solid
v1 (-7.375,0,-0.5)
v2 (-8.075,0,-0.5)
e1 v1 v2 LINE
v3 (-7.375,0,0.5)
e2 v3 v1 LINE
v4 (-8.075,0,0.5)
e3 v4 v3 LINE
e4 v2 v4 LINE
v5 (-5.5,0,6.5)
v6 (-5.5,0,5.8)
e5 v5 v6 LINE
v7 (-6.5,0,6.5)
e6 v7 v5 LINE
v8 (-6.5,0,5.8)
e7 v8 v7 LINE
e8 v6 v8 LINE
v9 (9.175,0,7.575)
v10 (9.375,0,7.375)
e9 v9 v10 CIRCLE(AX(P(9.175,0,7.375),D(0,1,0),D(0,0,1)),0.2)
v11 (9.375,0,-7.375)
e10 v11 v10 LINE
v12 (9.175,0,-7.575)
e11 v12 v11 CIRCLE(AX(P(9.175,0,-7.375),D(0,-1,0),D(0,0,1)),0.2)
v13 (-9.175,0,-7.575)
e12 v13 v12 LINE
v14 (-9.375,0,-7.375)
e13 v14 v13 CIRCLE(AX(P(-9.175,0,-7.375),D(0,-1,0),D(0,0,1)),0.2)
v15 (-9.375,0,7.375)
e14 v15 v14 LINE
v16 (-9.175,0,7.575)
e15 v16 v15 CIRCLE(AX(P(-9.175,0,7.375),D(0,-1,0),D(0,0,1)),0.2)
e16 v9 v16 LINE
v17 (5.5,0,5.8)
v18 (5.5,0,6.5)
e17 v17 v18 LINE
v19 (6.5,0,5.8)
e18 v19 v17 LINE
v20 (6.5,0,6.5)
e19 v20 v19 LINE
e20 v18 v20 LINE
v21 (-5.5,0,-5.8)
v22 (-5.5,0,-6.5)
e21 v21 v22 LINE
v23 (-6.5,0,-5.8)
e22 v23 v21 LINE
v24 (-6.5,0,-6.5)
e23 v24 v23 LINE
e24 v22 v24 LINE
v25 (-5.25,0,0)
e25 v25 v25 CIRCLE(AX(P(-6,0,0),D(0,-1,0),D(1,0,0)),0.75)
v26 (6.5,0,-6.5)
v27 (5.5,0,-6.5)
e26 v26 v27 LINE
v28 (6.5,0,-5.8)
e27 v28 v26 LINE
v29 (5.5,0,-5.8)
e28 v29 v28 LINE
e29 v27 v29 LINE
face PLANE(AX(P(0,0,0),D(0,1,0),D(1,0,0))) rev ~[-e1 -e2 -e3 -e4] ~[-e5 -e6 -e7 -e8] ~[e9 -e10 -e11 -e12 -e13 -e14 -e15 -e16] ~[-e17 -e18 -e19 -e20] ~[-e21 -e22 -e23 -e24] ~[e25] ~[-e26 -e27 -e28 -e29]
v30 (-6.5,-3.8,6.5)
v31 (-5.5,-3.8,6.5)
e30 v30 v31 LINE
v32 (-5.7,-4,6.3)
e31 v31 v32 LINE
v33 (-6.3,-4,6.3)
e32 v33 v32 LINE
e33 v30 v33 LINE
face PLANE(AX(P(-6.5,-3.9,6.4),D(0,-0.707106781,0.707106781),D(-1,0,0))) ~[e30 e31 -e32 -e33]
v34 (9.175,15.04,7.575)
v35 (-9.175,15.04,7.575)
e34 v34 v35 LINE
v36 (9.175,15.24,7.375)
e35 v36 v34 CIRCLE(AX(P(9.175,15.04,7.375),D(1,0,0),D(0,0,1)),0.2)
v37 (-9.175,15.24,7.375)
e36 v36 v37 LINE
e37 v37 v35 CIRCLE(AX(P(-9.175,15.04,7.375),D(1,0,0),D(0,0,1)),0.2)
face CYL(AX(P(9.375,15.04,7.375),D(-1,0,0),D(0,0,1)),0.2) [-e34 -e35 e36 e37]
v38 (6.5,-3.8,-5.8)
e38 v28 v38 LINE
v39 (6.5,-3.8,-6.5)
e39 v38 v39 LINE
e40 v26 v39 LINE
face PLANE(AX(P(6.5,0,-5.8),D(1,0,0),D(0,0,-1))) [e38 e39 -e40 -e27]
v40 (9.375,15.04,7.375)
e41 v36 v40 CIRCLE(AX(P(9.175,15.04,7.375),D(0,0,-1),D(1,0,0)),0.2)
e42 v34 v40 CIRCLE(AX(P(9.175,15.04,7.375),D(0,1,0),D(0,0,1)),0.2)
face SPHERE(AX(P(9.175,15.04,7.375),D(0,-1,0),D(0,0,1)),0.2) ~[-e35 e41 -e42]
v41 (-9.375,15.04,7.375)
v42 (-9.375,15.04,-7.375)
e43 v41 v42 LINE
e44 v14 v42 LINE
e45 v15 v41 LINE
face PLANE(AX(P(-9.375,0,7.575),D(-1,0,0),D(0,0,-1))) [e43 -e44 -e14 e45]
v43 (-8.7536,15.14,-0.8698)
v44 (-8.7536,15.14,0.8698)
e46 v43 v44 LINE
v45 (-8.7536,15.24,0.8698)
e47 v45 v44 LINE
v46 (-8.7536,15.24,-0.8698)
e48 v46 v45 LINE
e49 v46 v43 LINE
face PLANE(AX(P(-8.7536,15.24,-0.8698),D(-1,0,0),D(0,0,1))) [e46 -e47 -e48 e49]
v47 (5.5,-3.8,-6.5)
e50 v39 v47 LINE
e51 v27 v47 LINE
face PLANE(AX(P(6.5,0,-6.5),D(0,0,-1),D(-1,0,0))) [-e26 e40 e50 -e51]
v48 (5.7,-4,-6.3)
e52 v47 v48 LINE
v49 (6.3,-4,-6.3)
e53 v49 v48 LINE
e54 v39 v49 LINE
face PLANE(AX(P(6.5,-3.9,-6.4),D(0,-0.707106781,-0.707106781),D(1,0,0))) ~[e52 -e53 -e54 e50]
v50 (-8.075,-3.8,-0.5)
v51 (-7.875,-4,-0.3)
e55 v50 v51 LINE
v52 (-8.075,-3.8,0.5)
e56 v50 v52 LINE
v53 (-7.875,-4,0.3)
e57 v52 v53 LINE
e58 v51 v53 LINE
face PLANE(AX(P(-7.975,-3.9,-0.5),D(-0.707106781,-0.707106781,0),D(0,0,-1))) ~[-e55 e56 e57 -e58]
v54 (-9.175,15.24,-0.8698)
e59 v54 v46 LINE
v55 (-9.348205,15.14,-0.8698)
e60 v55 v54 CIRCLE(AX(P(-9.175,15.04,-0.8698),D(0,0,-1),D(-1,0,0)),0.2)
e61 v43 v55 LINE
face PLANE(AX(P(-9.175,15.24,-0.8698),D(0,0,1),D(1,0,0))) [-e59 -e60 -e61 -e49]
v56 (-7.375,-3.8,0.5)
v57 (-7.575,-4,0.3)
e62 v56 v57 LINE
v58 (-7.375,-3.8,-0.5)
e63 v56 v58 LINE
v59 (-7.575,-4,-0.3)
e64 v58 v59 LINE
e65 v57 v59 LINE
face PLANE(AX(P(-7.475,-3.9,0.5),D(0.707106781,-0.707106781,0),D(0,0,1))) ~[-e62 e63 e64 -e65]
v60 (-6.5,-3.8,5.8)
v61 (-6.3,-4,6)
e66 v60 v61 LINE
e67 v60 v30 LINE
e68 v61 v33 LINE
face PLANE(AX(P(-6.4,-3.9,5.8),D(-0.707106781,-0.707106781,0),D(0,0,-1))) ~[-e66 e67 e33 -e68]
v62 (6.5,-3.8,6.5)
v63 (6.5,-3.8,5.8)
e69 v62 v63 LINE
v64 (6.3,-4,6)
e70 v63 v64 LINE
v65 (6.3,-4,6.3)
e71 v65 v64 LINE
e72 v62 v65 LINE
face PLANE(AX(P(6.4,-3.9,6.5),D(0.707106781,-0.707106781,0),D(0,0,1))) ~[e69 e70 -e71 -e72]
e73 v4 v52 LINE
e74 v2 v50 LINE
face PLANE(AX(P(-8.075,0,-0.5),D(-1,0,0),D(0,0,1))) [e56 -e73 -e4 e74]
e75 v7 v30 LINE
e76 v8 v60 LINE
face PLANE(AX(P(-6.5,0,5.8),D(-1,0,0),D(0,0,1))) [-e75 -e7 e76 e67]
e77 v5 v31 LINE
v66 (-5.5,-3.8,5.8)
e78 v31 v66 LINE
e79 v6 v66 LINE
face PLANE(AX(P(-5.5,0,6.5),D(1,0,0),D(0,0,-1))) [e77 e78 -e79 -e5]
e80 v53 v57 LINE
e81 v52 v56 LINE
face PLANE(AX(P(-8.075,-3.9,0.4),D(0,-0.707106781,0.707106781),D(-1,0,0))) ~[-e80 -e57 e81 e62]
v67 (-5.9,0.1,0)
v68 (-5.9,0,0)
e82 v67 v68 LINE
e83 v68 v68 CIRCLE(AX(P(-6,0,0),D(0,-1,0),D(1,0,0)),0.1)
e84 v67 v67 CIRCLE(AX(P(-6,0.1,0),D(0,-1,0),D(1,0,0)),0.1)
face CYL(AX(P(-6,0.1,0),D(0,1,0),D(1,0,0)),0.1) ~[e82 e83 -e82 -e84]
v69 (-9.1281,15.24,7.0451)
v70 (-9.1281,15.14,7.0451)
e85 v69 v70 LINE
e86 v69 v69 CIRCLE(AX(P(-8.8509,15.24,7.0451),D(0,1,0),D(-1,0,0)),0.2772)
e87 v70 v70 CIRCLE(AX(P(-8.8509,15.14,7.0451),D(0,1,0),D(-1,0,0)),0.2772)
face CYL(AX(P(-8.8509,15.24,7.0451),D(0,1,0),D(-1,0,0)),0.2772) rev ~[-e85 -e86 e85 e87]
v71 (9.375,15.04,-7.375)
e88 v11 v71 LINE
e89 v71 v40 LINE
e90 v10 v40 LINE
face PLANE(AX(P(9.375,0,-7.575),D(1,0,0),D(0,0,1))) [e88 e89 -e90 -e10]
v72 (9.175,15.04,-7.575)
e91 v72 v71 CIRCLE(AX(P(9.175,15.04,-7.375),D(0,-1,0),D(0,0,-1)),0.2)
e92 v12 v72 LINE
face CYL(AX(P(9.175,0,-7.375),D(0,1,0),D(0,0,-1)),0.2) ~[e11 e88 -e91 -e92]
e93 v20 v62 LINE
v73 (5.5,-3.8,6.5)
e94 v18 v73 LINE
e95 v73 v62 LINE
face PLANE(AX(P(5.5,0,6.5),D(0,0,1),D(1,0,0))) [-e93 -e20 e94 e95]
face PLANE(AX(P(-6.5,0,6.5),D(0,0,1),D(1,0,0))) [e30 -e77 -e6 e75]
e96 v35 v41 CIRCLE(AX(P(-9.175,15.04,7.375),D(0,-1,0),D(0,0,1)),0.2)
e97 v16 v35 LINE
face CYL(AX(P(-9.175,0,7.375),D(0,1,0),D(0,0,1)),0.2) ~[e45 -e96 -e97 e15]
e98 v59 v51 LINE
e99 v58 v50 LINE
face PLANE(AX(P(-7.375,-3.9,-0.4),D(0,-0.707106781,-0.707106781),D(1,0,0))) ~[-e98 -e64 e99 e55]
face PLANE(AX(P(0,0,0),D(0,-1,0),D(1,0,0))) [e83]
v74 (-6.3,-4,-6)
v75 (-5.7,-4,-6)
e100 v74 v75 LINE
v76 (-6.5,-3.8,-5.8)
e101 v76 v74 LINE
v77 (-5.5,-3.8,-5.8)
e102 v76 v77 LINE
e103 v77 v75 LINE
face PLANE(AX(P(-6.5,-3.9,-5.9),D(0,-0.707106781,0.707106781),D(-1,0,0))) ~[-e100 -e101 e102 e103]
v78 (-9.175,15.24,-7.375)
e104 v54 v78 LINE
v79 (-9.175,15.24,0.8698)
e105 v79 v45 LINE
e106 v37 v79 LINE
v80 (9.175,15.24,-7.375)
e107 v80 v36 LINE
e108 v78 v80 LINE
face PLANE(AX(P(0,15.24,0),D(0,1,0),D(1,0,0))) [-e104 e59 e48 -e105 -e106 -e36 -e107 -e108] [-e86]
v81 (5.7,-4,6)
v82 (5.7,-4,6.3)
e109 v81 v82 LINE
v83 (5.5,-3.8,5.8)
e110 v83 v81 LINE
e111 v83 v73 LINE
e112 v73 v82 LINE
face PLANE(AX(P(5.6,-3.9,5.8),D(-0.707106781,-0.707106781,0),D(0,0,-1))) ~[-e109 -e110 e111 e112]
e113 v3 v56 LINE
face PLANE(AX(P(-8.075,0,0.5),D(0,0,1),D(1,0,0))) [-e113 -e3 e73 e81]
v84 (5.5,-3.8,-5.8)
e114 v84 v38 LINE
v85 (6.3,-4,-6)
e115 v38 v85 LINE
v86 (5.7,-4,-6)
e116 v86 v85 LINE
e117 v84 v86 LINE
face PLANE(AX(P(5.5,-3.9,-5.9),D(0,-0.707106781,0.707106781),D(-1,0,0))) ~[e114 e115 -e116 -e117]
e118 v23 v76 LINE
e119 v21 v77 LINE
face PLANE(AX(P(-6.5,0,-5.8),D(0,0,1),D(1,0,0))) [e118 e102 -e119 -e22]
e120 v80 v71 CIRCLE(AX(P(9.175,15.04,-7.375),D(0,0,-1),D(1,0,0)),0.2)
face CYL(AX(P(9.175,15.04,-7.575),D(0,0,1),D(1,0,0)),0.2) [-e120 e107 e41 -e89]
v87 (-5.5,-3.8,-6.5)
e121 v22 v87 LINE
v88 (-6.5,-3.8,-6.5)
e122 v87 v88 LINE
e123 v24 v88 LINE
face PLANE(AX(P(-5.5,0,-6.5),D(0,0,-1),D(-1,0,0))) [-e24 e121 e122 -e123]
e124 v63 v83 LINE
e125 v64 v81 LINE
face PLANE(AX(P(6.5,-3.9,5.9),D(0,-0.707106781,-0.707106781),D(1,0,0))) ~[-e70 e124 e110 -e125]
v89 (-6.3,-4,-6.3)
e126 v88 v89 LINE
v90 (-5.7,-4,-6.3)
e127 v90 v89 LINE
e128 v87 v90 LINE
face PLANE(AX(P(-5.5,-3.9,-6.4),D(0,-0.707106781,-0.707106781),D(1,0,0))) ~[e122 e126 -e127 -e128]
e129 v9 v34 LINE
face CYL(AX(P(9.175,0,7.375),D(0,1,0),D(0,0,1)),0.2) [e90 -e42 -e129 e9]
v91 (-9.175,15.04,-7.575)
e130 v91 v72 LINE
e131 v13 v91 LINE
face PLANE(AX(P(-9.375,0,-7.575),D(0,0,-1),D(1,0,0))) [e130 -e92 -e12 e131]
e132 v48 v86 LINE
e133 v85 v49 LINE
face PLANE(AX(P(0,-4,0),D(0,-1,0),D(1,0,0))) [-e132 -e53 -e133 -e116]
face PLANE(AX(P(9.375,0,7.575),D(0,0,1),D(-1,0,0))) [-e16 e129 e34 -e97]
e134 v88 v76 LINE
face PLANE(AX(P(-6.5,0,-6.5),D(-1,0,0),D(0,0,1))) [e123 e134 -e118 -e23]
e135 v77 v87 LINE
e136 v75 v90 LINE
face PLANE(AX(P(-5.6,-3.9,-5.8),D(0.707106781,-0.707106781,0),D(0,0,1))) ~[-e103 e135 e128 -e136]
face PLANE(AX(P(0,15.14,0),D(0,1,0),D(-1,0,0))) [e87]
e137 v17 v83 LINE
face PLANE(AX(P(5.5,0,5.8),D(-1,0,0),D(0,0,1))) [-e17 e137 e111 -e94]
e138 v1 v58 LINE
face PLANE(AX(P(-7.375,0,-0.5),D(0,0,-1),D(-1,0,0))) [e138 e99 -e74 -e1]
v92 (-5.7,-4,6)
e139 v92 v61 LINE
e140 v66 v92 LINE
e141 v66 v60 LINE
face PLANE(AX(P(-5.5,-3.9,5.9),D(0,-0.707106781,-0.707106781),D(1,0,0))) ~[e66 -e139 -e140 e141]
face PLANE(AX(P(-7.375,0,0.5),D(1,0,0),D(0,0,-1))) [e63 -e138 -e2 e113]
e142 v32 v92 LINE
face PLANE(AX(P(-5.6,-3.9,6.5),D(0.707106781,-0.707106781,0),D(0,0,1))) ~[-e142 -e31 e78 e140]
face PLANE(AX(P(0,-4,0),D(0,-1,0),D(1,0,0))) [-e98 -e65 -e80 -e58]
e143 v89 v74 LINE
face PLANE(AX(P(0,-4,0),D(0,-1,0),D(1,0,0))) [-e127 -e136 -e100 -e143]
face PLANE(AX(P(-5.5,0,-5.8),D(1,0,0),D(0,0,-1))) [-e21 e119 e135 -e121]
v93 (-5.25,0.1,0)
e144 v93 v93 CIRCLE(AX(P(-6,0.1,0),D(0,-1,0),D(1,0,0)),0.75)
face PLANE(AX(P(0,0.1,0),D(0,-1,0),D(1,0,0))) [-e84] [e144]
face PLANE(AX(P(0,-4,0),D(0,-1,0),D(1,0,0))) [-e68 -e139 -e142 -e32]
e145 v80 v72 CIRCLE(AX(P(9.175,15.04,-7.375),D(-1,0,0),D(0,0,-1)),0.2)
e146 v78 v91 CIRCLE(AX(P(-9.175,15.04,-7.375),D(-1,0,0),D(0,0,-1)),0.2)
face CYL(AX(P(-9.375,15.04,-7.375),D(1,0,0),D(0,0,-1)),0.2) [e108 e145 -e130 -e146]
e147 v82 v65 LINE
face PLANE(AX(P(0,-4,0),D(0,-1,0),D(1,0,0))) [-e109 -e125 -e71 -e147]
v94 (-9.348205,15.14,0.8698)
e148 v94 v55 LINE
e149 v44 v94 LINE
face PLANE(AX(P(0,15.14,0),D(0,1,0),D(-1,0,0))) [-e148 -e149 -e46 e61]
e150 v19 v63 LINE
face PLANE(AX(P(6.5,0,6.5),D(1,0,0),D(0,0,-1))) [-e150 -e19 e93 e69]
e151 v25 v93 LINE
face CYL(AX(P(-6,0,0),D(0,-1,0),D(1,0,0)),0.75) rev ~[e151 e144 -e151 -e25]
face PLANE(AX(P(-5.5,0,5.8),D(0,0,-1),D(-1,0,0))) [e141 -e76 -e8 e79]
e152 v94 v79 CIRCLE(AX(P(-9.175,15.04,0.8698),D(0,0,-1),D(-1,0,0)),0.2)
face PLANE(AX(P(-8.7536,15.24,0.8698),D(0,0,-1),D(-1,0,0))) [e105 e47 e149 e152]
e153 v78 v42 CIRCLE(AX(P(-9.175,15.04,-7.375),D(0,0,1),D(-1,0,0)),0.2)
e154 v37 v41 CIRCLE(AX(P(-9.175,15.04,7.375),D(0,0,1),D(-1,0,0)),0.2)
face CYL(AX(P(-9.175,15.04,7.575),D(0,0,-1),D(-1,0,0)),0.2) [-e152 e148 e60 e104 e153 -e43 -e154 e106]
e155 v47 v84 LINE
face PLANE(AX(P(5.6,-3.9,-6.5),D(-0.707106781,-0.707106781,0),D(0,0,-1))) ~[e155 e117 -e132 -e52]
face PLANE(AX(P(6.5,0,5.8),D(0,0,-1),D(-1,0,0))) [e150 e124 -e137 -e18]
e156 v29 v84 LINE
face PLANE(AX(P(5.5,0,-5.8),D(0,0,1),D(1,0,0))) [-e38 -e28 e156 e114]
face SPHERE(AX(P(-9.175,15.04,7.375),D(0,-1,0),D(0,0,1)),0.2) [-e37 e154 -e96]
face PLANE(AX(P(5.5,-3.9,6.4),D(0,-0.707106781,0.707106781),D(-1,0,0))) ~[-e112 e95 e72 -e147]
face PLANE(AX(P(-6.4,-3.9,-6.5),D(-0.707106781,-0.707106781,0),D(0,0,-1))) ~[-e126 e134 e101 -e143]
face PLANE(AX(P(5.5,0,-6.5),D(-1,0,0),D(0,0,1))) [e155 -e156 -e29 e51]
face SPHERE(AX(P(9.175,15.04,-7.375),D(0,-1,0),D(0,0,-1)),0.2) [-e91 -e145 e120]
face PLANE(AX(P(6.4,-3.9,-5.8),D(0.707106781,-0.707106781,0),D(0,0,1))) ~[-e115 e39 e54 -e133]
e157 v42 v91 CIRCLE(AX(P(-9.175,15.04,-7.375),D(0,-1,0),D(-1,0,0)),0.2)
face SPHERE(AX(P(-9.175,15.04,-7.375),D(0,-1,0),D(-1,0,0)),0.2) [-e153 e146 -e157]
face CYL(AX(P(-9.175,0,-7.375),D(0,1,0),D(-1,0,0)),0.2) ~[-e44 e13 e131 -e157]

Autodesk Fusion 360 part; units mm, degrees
sketch "Sketch1" plane through (0, 0, 0) normal (0, 1, 0) x (1, 0, 0)
  line L0 (9.375, -7.575) -> (-9.375, -7.575)
  line L1 (-9.375, -7.575) -> (-9.375, 7.575)
  line L2 (-9.375, 7.575) -> (9.375, 7.575)
  line L3 (9.375, 7.575) -> (9.375, -7.575)
  line L4 (9.375, -7.575) -> (-9.375, 7.575) construction
  line L5 (-9.375, -7.575) -> (9.375, 7.575) construction
  dimension "d1" = 15.15
  dimension "d2" = 18.75
extrude "Extrude1" add sketch "Sketch1" along normal blind 15.24
fillet "Fillet1" radius 0.2 4 edges at (9.375, 7.62, 7.575) (-9.375, 7.62, 7.575) (-9.375, 7.62, -7.575) (9.375, 7.62, -7.575) 1 faces at (3.125, 15.24, 2.525)
sketch "Sketch2" plane through (0, 0, 0) normal (0, -1, 0) x (1, 0, 0)
  arc A0 (-9.375, -7.375) -> (-9.175, -7.575) centre (-9.175, -7.375) ccw
  line L0 (-9.175, -7.575) -> (9.175, -7.575)
  arc A1 (9.175, -7.575) -> (9.375, -7.375) centre (9.175, -7.375) ccw
  line L1 (9.375, -7.375) -> (9.375, 7.375)
  arc A2 (9.375, 7.375) -> (9.175, 7.575) centre (9.175, 7.375) ccw
  line L2 (9.175, 7.575) -> (-9.175, 7.575)
  arc A3 (-9.175, 7.575) -> (-9.375, 7.375) centre (-9.175, 7.375) ccw
  line L3 (-9.375, 7.375) -> (-9.375, -7.375)
  line L4 (6.5, -6.5) -> (-6.5, -6.5) construction
  line L5 (-6.5, -6.5) -> (-6.5, 6.5) construction
  line L6 (-6.5, 6.5) -> (6.5, 6.5) construction
  line L7 (6.5, 6.5) -> (6.5, -6.5) construction
  line L8 (6.5, -6.5) -> (-6.5, 6.5) construction
  line L9 (-6.5, -6.5) -> (6.5, 6.5) construction
  line L10 (-6.5, 6.5) -> (-5.5, 6.5)
  line L11 (-5.5, 6.5) -> (-5.5, 5.8)
  line L12 (-5.5, 5.8) -> (-6.5, 5.8)
  line L13 (-6.5, 5.8) -> (-6.5, 6.5)
  line L14 (6.5, 5.8) -> (5.5, 5.8)
  line L15 (5.5, 6.5) -> (6.5, 6.5)
  line L16 (5.5, 5.8) -> (5.5, 6.5)
  line L17 (6.5, 6.5) -> (6.5, 5.8)
  line L18 (-5.5, -6.5) -> (-6.5, -6.5)
  line L19 (-6.5, -5.8) -> (-5.5, -5.8)
  line L20 (-6.5, -6.5) -> (-6.5, -5.8)
  line L21 (-5.5, -5.8) -> (-5.5, -6.5)
  line L22 (6.5, -6.5) -> (5.5, -6.5)
  line L23 (5.5, -5.8) -> (6.5, -5.8)
  line L24 (5.5, -6.5) -> (5.5, -5.8)
  line L25 (6.5, -5.8) -> (6.5, -6.5)
  dimension "d7" = 13
  dimension "d8" = 13
  dimension "d9" = 1
  dimension "d10" = 0.7
  dimension "d13" = 12
  dimension "d14" = -12.3
extrude "Extrude2" add sketch "Sketch2" along normal blind 4 contours L10 L11 L12 L13 | L14 L15 L16 L17 | L18 L19 L20 L21 | L22 L23 L24 L25
chamfer "Chamfer1" distance 0.2 angle 45 8 edges at (5.5, -4, 6.15) (6, -4, 6.5) (6.5, -4, 6.15) (6, -4, 5.8) (6, -4, -5.8) (6.5, -4, -6.15) (6, -4, -6.5) (5.5, -4, -6.15) 2 faces at (-6.1667, -4, 6.2667) (-5.8333, -4, -6.2667)
sketch "Sketch3" plane through (0, 0, 0) normal (0, -1, 0) x (1, 0, 0)
  line L0 (6.5, -5.8) -> (6.5, -6.5)
  line L1 (6.5, -6.5) -> (5.5, -6.5)
  line L2 (5.5, -6.5) -> (5.5, -5.8)
  line L3 (5.5, -5.8) -> (6.5, -5.8)
  line L4 (-6.5, 5.8) -> (-6.5, 6.5)
  line L5 (-6.5, 6.5) -> (-5.5, 6.5)
  line L6 (-5.5, 6.5) -> (-5.5, 5.8)
  line L7 (-5.5, 5.8) -> (-6.5, 5.8)
  line L8 (-5.5, -5.8) -> (-5.5, -6.5)
  line L9 (-5.5, -6.5) -> (-6.5, -6.5)
  line L10 (-6.5, -6.5) -> (-6.5, -5.8)
  line L11 (-6.5, -5.8) -> (-5.5, -5.8)
  line L12 (6.5, 6.5) -> (6.5, 5.8)
  line L13 (6.5, 5.8) -> (5.5, 5.8)
  line L14 (5.5, 5.8) -> (5.5, 6.5)
  line L15 (5.5, 6.5) -> (6.5, 6.5)
  arc A0 (-9.375, -7.375) -> (-9.175, -7.575) centre (-9.175, -7.375) ccw
  line L16 (-9.175, -7.575) -> (9.175, -7.575)
  arc A1 (9.175, -7.575) -> (9.375, -7.375) centre (9.175, -7.375) ccw
  line L17 (9.375, -7.375) -> (9.375, 7.375)
  arc A2 (9.375, 7.375) -> (9.175, 7.575) centre (9.175, 7.375) ccw
  line L18 (9.175, 7.575) -> (-9.175, 7.575)
  arc A3 (-9.175, 7.575) -> (-9.375, 7.375) centre (-9.175, 7.375) ccw
  line L19 (-9.375, 7.375) -> (-9.375, -7.375)
  line L20 (0, 0) -> (-9.375, 0) construction
  line L21 (-7.375, -0.5) -> (-8.075, -0.5)
  line L22 (-8.075, -0.5) -> (-8.075, 0.5)
  line L23 (-8.075, 0.5) -> (-7.375, 0.5)
  line L24 (-7.375, 0.5) -> (-7.375, -0.5)
  line L25 (-7.375, -0.5) -> (-8.075, 0.5) construction
  line L26 (-8.075, -0.5) -> (-7.375, 0.5) construction
  point P0 (-7.725, 0)
  dimension "d20" = 0.7
  dimension "d21" = 1
extrude "Extrude3" add sketch "Sketch3" along normal blind 4 contours L21 L22 L23 L24
chamfer "Chamfer2" distance 0.2 angle 45 4 edges at (-7.725, -4, -0.5) (-8.075, -4, 0) (-7.725, -4, 0.5) (-7.375, -4, 0)
sketch "Sketch4" plane through (0, 0, 0) normal (0, -1, 0) x (1, 0, 0)
  line L0 (-7.375, 0.5) -> (-7.375, -0.5)
  line L1 (-7.375, -0.5) -> (-8.075, -0.5)
  line L2 (-8.075, -0.5) -> (-8.075, 0.5)
  line L3 (-8.075, 0.5) -> (-7.375, 0.5)
  line L4 (6.5, -5.8) -> (6.5, -6.5)
  line L5 (6.5, -6.5) -> (5.5, -6.5)
  line L6 (5.5, -6.5) -> (5.5, -5.8)
  line L7 (5.5, -5.8) -> (6.5, -5.8)
  line L8 (-6.5, 5.8) -> (-6.5, 6.5)
  line L9 (-6.5, 6.5) -> (-5.5, 6.5)
  line L10 (-5.5, 6.5) -> (-5.5, 5.8)
  line L11 (-5.5, 5.8) -> (-6.5, 5.8)
  line L12 (-5.5, -5.8) -> (-5.5, -6.5)
  line L13 (-5.5, -6.5) -> (-6.5, -6.5)
  line L14 (-6.5, -6.5) -> (-6.5, -5.8)
  line L15 (-6.5, -5.8) -> (-5.5, -5.8)
  line L16 (6.5, 6.5) -> (6.5, 5.8)
  line L17 (6.5, 5.8) -> (5.5, 5.8)
  line L18 (5.5, 5.8) -> (5.5, 6.5)
  line L19 (5.5, 6.5) -> (6.5, 6.5)
  arc A0 (-9.375, -7.375) -> (-9.175, -7.575) centre (-9.175, -7.375) ccw
  line L20 (-9.175, -7.575) -> (9.175, -7.575)
  arc A1 (9.175, -7.575) -> (9.375, -7.375) centre (9.175, -7.375) ccw
  line L21 (9.375, -7.375) -> (9.375, 7.375)
  arc A2 (9.375, 7.375) -> (9.175, 7.575) centre (9.175, 7.375) ccw
  line L22 (9.175, 7.575) -> (-9.175, 7.575)
  arc A3 (-9.175, 7.575) -> (-9.375, 7.375) centre (-9.175, 7.375) ccw
  line L23 (-9.375, 7.375) -> (-9.375, -7.375)
  circle A4 centre (-6, 0) radius 0.75
  dimension "d25" = 1.5
extrude "Extrude4" cut sketch "Sketch4" against normal blind 0.1 contours A4
sketch "Sketch5" plane through (0, 0.1, 0) normal (0, -1, 0) x (1, 0, 0)
  circle A0 centre (-6, 0) radius 0.75
  circle A1 centre (-6, 0) radius 0.1
extrude "Extrude5" add sketch "Sketch5" along normal blind 0.1 contours A1
sketch "Sketch6" plane through (0, 15.24, 0) normal (0, 1, 0) x (-1, 0, 0)
  line L0 (-9.175, -7.375) -> (9.175, -7.375)
  line L1 (9.175, -7.375) -> (9.175, 7.375)
  line L2 (9.175, 7.375) -> (-9.175, 7.375)
  line L3 (-9.175, 7.375) -> (-9.175, -7.375)
  line L4 (8.7536, 0.8698) -> (9.5964, 0.8698)
  line L5 (9.5964, 0.8698) -> (9.5964, -0.8698)
  line L6 (9.5964, -0.8698) -> (8.7536, -0.8698)
  line L7 (8.7536, -0.8698) -> (8.7536, 0.8698)
  line L8 (8.7536, 0.8698) -> (9.5964, -0.8698) construction
  line L9 (9.5964, 0.8698) -> (8.7536, -0.8698) construction
  circle A0 centre (8.8509, 7.0451) radius 0.2772
  point P0 (9.175, 0)
extrude "Extrude6" cut sketch "Sketch6" against normal blind 0.1 contours L1 L4 L6 L7 | L1 L4 L5 L6 | A0
